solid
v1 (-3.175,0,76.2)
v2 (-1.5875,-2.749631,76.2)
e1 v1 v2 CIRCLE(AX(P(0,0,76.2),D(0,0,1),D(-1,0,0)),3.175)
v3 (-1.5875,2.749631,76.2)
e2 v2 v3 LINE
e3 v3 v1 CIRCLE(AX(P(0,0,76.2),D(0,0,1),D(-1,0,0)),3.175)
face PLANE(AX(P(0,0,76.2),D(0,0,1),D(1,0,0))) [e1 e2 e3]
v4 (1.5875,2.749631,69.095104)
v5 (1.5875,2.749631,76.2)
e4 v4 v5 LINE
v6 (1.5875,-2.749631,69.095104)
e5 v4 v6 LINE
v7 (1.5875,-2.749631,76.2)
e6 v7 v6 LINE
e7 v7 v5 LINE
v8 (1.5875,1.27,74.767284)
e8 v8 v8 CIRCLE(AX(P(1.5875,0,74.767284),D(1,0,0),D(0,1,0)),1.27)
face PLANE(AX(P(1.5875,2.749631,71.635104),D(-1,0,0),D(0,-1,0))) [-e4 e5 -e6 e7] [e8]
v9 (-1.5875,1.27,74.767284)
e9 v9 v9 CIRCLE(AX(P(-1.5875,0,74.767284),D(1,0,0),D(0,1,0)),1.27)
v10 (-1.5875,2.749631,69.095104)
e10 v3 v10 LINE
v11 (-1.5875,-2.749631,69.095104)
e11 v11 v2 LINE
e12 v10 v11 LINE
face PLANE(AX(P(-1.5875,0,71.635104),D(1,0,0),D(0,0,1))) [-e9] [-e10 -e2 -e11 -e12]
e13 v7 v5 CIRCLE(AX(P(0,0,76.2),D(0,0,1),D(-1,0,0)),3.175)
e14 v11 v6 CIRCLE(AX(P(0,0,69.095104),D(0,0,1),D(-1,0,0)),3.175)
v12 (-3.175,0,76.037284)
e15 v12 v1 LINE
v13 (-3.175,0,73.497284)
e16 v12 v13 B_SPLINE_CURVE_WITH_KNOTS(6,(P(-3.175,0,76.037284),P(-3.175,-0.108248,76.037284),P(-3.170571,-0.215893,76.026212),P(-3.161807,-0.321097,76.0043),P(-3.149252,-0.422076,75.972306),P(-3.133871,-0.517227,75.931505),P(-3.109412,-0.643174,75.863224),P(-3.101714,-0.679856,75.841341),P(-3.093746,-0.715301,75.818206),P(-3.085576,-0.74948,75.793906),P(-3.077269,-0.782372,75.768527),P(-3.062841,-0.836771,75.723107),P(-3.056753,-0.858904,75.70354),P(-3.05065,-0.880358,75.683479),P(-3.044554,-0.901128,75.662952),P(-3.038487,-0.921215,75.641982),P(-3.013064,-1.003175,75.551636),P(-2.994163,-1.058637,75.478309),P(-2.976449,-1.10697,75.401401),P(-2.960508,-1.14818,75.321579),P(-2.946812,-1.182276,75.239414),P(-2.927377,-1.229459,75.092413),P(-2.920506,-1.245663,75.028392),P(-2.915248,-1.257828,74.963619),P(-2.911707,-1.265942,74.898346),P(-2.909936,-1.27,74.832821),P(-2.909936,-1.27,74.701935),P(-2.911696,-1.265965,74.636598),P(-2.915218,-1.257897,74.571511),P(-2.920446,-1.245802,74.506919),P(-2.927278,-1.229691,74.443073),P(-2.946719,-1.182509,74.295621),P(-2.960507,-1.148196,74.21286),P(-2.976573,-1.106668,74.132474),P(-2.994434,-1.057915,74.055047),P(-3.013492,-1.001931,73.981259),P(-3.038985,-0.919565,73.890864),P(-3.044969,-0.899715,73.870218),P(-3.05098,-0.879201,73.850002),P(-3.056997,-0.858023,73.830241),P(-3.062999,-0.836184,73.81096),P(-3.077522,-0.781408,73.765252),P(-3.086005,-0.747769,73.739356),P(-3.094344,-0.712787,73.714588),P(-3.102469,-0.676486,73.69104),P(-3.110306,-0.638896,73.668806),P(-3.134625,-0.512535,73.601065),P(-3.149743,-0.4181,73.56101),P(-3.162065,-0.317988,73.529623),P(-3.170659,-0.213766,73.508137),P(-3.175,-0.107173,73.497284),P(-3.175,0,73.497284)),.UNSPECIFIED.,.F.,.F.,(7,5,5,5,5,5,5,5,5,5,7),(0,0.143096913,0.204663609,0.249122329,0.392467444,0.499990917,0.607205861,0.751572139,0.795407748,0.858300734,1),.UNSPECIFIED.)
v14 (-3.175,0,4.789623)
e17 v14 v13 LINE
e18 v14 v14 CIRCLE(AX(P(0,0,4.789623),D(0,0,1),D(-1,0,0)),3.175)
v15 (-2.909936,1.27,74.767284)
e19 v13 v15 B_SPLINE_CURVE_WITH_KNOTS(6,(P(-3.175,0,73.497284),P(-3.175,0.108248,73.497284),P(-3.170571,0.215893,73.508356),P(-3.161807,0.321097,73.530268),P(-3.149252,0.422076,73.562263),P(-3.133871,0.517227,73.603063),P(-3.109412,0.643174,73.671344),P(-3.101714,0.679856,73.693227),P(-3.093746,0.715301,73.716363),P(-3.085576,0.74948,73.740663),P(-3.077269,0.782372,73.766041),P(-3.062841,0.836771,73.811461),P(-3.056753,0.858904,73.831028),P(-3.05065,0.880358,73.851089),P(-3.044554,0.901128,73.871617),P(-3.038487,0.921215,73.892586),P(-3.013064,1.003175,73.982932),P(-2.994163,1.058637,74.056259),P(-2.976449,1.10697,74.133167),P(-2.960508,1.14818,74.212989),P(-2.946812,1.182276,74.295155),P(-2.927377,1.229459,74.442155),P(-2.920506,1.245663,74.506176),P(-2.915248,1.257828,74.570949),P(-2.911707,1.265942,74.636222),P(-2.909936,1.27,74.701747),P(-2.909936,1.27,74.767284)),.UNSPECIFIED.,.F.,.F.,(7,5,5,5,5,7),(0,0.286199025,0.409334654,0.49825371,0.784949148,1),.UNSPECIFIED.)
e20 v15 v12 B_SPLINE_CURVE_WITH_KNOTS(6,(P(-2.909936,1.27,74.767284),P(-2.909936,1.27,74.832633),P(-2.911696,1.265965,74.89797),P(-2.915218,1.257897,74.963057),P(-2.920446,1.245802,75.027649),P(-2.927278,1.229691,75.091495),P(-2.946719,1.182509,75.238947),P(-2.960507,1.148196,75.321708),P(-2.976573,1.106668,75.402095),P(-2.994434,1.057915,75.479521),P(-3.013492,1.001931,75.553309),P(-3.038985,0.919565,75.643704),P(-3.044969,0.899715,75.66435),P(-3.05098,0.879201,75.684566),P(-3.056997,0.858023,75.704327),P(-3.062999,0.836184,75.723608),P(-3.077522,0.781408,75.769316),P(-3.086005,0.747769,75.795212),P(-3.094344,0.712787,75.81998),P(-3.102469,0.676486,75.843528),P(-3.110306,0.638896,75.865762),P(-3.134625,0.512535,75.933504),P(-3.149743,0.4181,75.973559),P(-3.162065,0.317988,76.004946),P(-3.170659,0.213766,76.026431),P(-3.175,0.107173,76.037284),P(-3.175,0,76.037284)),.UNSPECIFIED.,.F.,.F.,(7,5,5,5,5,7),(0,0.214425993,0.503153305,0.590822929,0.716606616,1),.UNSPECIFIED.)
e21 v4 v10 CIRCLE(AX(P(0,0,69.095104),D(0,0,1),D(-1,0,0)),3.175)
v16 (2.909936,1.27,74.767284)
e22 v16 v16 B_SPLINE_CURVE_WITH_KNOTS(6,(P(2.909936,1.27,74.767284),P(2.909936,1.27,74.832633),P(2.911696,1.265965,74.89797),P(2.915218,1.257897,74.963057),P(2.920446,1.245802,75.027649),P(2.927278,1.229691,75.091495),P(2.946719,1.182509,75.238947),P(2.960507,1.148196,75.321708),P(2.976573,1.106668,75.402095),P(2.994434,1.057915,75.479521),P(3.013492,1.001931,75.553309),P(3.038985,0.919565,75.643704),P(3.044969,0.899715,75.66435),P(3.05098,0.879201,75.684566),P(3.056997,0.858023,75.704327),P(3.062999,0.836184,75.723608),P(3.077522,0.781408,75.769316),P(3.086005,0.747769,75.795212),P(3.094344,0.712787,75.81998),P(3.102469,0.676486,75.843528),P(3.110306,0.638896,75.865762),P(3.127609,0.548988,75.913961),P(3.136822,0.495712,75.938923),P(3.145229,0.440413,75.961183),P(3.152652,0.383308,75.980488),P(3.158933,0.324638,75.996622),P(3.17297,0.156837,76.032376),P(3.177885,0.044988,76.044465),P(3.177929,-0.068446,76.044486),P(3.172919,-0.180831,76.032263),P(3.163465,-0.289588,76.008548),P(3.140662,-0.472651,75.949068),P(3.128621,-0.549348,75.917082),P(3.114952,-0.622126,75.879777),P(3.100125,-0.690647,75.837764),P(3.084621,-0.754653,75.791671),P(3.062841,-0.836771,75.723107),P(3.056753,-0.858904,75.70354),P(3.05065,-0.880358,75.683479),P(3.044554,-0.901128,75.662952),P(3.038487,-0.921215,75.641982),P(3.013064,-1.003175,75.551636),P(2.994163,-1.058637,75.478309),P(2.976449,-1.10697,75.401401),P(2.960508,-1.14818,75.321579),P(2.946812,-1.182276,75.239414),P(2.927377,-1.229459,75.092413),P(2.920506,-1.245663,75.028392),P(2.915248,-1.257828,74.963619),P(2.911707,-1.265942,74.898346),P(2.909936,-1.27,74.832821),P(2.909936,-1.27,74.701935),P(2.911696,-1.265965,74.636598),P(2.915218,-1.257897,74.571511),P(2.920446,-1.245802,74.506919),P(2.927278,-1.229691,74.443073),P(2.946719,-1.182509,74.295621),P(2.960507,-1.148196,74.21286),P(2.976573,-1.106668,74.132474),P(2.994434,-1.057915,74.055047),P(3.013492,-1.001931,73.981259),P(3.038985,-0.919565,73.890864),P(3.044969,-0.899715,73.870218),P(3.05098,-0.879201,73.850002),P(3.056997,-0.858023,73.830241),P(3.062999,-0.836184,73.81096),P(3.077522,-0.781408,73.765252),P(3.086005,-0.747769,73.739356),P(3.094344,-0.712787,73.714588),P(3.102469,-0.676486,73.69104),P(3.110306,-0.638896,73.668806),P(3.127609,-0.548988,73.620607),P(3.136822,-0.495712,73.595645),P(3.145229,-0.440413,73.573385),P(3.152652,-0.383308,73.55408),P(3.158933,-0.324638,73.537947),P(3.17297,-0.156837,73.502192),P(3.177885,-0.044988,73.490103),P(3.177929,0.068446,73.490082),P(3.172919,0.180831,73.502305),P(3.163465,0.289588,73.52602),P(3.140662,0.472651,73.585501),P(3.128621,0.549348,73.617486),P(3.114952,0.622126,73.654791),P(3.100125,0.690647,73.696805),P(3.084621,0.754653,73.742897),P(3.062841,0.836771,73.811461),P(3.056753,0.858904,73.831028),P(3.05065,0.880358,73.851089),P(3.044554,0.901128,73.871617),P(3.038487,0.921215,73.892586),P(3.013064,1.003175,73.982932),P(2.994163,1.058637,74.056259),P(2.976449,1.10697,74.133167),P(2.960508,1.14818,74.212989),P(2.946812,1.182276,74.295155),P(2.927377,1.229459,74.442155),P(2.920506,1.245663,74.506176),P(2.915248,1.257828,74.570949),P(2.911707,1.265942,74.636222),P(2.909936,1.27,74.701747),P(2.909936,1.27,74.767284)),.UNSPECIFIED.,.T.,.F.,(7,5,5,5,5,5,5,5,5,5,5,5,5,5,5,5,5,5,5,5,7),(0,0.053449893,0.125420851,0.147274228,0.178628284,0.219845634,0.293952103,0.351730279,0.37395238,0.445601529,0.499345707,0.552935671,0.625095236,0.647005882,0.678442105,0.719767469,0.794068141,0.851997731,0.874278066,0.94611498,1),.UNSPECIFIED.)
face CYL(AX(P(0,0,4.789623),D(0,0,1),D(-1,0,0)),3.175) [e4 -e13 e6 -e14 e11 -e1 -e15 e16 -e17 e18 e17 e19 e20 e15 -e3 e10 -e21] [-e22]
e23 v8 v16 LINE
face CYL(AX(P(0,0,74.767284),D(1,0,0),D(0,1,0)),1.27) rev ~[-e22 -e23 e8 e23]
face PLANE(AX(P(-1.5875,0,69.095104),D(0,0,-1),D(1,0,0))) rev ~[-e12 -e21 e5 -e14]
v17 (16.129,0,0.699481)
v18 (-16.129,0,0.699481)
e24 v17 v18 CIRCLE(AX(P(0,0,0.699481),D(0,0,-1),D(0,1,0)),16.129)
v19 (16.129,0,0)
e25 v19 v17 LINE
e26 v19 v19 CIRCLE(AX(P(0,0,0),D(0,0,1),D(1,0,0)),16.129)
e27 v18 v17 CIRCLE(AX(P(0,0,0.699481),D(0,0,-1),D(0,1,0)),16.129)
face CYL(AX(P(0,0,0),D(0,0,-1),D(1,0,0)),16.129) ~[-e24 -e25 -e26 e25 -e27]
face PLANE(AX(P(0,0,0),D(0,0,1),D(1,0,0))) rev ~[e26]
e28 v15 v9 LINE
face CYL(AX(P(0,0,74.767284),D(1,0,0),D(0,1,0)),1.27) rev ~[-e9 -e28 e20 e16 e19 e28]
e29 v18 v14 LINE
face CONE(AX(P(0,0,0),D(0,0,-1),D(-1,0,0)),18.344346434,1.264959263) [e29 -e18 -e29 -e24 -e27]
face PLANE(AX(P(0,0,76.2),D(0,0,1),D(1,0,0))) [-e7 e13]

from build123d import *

# Parameters (mm, degrees)
F0_R     = 16.129
F1_DEPTH = 76.2
F4_W     = 3.175
F4_H     = 10.16
F5_DEPTH = 12.7
F6_R     = 1.27
F7_DEPTH = 12.7
F8_DEPTH = 2.54


with BuildPart() as f1:
    # F0 (on Top) → F1 (new body)
    with BuildSketch(Plane.XY):
        Circle(F0_R)
    extrude(amount=F1_DEPTH)

    # F2 (on Front) → F3 (revolve, cut)
    with BuildSketch(Plane.XZ):
        Polygon((-18.3443464339, 0), (-3.175, 4.7896225005), (-3.175, 89.8051410913), (-18.3443464339, 89.8051410913), align=None)
    revolve(axis=Axis((0, 0, 76.2), (0, 0, 1)), mode=Mode.SUBTRACT)

    # F4 (on Front) → F5 (cut, symmetric)
    with BuildSketch(Plane.XZ):
        with Locations((0, 76.7151042819)):
            Rectangle(F4_W, F4_H)
    extrude(amount=F5_DEPTH, both=True, mode=Mode.SUBTRACT)

    # F6 (on Right) → F7 (cut, symmetric)
    with BuildSketch(Plane.YZ):
        with Locations((0, 74.7672840953)):
            Circle(F6_R)
    extrude(amount=F7_DEPTH, both=True, mode=Mode.SUBTRACT)

    # F8 (cut): a face of the model
    f8_faces = [f1.faces().sort_by_distance(p)[0] for p in [
        (0, 0, 71.6351042819),
    ]]
    extrude(f8_faces, amount=-F8_DEPTH, mode=Mode.SUBTRACT)


solid = f1.part
